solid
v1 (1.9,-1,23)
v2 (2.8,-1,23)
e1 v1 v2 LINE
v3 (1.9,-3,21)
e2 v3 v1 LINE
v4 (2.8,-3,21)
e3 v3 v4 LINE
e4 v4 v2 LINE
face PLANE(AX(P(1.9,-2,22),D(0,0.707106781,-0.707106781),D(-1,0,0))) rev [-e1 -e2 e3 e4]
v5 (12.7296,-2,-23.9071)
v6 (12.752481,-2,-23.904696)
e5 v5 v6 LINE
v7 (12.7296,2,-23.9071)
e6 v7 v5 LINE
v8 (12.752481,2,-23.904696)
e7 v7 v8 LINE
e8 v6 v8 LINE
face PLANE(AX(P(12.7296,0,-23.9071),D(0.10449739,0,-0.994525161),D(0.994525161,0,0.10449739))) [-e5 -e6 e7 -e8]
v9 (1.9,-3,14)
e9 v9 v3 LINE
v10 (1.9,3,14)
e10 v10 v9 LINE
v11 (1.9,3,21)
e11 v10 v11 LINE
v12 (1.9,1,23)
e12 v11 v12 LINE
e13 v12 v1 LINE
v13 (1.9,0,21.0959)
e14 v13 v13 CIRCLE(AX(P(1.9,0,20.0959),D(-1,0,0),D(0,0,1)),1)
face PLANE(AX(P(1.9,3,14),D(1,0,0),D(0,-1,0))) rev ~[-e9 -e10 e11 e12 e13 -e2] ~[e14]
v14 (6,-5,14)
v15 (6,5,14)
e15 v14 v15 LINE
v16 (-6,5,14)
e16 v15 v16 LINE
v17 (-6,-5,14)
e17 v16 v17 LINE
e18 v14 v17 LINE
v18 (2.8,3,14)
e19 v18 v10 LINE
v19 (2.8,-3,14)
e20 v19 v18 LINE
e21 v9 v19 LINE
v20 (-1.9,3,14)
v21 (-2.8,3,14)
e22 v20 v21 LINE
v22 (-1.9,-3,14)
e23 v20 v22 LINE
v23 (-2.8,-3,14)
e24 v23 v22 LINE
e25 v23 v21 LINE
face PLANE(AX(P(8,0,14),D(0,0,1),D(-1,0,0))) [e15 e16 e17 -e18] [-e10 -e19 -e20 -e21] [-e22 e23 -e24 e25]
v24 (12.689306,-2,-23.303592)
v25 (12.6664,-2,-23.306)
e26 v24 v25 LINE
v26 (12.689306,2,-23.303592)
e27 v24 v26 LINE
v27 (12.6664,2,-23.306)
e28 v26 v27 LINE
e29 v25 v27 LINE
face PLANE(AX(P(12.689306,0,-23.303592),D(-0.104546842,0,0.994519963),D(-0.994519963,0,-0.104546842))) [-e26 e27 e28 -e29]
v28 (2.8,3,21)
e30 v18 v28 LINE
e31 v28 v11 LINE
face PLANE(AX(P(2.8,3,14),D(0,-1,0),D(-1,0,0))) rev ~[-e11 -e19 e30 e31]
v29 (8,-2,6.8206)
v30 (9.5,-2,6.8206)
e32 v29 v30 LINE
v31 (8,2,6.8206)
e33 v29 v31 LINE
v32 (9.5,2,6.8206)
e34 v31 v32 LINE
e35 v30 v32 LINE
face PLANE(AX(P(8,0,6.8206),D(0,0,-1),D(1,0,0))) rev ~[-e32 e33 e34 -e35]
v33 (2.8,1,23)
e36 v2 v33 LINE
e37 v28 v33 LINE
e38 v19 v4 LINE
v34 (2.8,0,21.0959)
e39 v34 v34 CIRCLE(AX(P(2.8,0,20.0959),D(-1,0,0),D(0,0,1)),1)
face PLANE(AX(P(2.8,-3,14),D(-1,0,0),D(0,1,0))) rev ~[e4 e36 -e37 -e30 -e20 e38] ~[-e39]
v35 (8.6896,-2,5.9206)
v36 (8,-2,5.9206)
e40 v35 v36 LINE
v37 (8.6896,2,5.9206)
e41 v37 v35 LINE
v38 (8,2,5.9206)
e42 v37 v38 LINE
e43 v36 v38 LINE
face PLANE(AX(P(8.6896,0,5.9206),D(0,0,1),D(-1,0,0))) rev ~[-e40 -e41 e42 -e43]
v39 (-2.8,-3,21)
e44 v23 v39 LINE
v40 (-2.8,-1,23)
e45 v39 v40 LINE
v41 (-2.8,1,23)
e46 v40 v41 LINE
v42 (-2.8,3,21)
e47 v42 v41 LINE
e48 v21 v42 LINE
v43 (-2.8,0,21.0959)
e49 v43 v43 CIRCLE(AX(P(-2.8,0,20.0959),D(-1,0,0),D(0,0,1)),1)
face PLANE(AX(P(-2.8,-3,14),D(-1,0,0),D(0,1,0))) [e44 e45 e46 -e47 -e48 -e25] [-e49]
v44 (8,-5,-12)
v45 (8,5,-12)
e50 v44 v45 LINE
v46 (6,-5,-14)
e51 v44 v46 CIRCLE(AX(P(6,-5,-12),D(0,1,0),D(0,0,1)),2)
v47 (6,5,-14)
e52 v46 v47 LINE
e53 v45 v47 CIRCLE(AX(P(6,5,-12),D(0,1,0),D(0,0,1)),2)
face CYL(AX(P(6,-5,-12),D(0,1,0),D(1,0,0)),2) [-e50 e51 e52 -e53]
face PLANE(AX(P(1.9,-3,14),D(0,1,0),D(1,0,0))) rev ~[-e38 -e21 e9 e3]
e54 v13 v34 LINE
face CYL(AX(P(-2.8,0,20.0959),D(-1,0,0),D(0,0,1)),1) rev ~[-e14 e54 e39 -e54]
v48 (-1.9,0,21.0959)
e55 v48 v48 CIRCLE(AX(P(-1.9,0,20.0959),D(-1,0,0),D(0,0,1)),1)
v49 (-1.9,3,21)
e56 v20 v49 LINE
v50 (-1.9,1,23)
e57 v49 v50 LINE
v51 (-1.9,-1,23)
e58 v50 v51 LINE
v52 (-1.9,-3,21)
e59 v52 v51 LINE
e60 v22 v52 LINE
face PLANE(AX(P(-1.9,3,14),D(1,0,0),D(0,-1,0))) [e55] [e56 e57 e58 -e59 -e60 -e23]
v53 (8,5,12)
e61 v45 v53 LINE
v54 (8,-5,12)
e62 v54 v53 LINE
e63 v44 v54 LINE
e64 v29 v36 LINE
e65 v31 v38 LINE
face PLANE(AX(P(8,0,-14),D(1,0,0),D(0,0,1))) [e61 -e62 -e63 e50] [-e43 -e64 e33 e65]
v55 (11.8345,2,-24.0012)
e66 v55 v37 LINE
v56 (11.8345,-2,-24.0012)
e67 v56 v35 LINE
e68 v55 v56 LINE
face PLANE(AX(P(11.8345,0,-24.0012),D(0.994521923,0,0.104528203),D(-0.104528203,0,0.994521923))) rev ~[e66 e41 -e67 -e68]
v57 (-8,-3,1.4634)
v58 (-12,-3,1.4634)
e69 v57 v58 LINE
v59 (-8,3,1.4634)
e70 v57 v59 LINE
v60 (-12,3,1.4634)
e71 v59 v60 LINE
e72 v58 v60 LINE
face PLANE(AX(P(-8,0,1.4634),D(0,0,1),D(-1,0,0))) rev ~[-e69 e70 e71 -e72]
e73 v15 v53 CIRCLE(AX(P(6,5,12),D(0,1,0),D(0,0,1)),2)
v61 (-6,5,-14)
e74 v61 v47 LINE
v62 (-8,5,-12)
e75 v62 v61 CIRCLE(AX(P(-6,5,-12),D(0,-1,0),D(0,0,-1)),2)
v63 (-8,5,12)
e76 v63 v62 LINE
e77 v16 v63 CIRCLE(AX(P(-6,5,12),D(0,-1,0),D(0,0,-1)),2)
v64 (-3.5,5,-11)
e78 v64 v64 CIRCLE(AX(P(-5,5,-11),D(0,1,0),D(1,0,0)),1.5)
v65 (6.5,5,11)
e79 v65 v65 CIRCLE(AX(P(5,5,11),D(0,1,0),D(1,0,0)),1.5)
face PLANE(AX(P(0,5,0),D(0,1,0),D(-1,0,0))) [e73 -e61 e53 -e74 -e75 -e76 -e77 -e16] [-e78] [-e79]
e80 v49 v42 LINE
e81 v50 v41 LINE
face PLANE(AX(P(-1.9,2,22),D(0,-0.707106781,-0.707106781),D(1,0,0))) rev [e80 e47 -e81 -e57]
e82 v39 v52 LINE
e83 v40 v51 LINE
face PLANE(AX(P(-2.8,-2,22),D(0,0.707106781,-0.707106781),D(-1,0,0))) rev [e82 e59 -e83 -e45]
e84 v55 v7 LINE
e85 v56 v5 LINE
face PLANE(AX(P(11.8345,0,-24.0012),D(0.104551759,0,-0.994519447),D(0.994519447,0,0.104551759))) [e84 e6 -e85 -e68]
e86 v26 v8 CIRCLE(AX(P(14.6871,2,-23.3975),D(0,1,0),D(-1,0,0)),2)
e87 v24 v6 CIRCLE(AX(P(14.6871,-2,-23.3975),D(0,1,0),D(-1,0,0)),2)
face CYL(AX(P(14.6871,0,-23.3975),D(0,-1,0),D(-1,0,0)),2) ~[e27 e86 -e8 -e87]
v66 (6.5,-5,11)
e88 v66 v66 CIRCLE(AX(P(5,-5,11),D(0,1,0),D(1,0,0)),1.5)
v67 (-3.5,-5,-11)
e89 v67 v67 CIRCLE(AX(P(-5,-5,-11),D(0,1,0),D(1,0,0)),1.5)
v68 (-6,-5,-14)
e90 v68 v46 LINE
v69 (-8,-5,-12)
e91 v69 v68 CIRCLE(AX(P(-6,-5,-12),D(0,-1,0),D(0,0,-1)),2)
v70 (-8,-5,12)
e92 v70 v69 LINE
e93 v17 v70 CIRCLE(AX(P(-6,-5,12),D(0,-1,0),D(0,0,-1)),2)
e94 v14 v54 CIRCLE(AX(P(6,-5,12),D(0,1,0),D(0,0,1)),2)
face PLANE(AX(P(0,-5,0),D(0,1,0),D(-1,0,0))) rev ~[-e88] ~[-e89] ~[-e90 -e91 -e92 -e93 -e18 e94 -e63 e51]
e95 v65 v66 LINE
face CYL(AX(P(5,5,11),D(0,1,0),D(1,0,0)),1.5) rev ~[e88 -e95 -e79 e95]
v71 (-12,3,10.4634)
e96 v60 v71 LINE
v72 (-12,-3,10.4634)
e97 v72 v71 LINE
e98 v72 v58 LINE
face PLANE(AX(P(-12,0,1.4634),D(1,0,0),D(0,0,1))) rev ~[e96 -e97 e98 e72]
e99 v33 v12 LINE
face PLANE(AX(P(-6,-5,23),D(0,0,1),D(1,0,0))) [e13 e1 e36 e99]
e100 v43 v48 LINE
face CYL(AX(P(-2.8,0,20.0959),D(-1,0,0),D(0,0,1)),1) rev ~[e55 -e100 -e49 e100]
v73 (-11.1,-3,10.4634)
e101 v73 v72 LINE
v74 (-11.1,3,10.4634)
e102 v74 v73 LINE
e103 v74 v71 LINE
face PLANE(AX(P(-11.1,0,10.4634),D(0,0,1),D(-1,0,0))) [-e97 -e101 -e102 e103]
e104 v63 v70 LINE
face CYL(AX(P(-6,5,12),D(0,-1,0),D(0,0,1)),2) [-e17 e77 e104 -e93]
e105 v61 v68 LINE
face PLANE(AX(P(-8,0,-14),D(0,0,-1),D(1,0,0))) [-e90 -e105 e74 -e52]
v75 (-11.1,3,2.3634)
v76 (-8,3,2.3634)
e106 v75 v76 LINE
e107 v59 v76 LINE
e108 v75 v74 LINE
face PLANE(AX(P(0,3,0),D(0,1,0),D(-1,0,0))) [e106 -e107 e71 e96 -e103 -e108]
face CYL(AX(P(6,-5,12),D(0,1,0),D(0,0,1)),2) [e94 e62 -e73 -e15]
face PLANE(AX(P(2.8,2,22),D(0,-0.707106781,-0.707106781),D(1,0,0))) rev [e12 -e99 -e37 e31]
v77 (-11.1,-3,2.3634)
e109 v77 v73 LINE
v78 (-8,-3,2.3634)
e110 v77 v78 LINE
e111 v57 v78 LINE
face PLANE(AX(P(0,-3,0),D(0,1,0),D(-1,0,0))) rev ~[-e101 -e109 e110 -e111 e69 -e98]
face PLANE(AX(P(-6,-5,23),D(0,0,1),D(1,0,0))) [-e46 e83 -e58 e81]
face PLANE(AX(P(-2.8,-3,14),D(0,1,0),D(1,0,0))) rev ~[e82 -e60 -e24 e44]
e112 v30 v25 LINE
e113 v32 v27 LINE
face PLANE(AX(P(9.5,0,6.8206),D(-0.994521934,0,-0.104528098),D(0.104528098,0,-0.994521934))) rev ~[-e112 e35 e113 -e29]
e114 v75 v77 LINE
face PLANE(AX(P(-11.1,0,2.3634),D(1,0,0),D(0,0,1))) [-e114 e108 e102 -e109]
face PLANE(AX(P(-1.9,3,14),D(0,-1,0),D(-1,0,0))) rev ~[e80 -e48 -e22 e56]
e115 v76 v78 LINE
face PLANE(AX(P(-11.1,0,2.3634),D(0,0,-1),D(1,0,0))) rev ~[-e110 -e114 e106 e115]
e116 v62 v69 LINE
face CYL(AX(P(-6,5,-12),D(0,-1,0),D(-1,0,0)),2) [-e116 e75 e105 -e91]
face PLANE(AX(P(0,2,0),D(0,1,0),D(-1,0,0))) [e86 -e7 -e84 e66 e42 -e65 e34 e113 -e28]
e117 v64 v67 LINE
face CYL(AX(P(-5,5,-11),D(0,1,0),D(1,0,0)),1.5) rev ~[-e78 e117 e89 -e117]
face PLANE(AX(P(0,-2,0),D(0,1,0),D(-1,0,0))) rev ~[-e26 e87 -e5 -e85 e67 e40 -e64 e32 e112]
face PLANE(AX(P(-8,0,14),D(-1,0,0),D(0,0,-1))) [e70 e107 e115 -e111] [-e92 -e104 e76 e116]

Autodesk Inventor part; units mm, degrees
ref_plane "YZ Plane" through (0, 0, 0) normal (1, 0, 0) x (0, 1, 0)
ref_plane "XZ Plane" through (0, 0, 0) normal (0, 1, 0) x (-1, 0, 0)
ref_plane "XY Plane" through (0, 0, 0) normal (0, 0, 1) x (1, 0, 0)
sketch "Sketch1" plane through (0, 0, 0) normal (0, 1, 0) x (-1, 0, 0)
  line L0 (-8, 14) -> (8, 14)
  line L1 (8, 14) -> (8, -14)
  line L2 (8, -14) -> (-8, -14)
  line L3 (-8, -14) -> (-8, 14)
  line L4 (-8, 14) -> (8, -14) construction
  line L5 (8, 14) -> (-8, -14) construction
  point P0 (0, 0)
  dimension "d0" = 16
  dimension "d1" = 28
extrude "Extrusion1" add sketch "Sketch1" along normal mid plane 10
fillet "Fillet1" radius 2 4 edges at (8, 0, 14) (8, 0, -14) (-8, 0, 14) (-8, 0, -14)
sketch "Sketch2" plane through (0, 5, 0) normal (0, 1, 0) x (1, 0, 0)
  arc A0 (-6, 14) -> (-8, 12) centre (-6, 12) ccw projected
  line L0 (-8, 12) -> (-8, -12) projected
  arc A1 (-8, -12) -> (-6, -14) centre (-6, -12) ccw projected
  line L1 (-6, -14) -> (6, -14) projected
  arc A2 (6, -14) -> (8, -12) centre (6, -12) ccw projected
  line L2 (8, -12) -> (8, 12) projected
  arc A3 (8, 12) -> (6, 14) centre (6, 12) ccw projected
  line L3 (6, 14) -> (-6, 14) projected
  circle A4 centre (-5, 11) radius 1.5
  circle A5 centre (5, -11) radius 1.5
  point P0 (0, 0)
  dimension "d5" = 3
  dimension "d6" = 3
  dimension "d7" = 3
  dimension "d8" = 3
  dimension "d9" = 3
extrude "Extrusion2" cut sketch "Sketch2" against normal blind 10 contours A4 | A5
sketch "Sketch3" plane through (-6, -5, 14) normal (0, 0, 1) x (1, 0, 0)
  line L0 (0, 0) -> (0, 10) projected
  line L1 (12, 0) -> (0, 0) projected
  line L2 (12, 10) -> (12, 0) projected
  line L3 (0, 10) -> (12, 10) projected
  line L4 (3.2, 10) -> (4.1, 10)
  line L5 (4.1, 10) -> (4.1, 0)
  line L6 (4.1, 0) -> (3.2, 0)
  line L7 (3.2, 0) -> (3.2, 10)
  line L8 (8.8, 10) -> (7.9, 10)
  line L9 (7.9, 10) -> (7.9, 0)
  line L10 (7.9, 0) -> (8.8, 0)
  line L11 (8.8, 0) -> (8.8, 10)
  line L12 (1, 2) -> (11, 2)
  line L13 (11, 2) -> (11, 8) construction
  line L14 (11, 8) -> (1, 8)
  line L15 (1, 8) -> (1, 2) construction
  point P0 (6, 5)
  point P1 (8.8, 8)
  point P2 (7.9, 8)
  point P3 (7.9, 2)
  point P4 (8.8, 2)
  point P5 (4.1, 8)
  point P6 (3.2, 8)
  point P7 (3.2, 2)
  point P8 (4.1, 2)
  point P9 (11, 5)
  point P10 (12, 5)
  dimension "d12" = 0.9
  dimension "d14" = 10
  dimension "d15" = 6
extrude "Extrusion3" add sketch "Sketch3" along normal blind 9 contours L7 L14 L5 L12 | L9 L14 L11 L12
sketch "Sketch4" plane through (-2.8, -3, 14) normal (-1, 0, 0) x (0, 0, 1)
  line L0 (0, 0) -> (0, 6) projected
  line L1 (9, 6) -> (9, 0) projected
  circle A0 centre (6.0959, 3) radius 1
  line L2 (0, 0) -> (9, 0) projected
  line L3 (0, 6) -> (9, 6) projected
  point P0 (-14, 3)
  point P1 (9, 3)
  dimension "d18" = 2
extrude "Extrusion4" cut sketch "Sketch4" against normal through all contours A0
chamfer "Chamfer1" distance 2 angle 45 4 edges at (-2.35, 3, 23) (2.35, 3, 23) (2.35, -3, 23) (-2.35, -3, 23)
sketch "Sketch5" plane through (0, 0, 0) normal (0, 1, 0) x (-1, 0, 0)
  circle A0 centre (-5, 11) radius 1.5 projected
  circle A1 centre (5, -11) radius 1.5 projected
  arc A2 (6, -14) -> (8, -12) centre (6, -12) ccw projected
  line L0 (8, -12) -> (8, 12) projected
  arc A3 (8, 12) -> (6, 14) centre (6, 12) ccw projected
  line L1 (6, 14) -> (-6, 14) projected
  arc A4 (-6, 14) -> (-8, 12) centre (-6, 12) ccw projected
  line L2 (-8, 12) -> (-8, -12) projected
  arc A5 (-8, -12) -> (-6, -14) centre (-6, -12) ccw projected
  line L3 (-6, -14) -> (6, -14) projected
  line L4 (-8, 6.8206) -> (-9.5, 6.8206)
  line L5 (-9.5, 6.8206) -> (-12.7296, -23.9071)
  line L6 (-11.8345, -24.0012) -> (-8.6896, 5.9206)
  line L7 (-8.6896, 5.9206) -> (-8, 5.9206)
  line L8 (-11.8345, -24.0012) -> (-12.7296, -23.9071)
  line L9 (-12.7296, -23.9071) -> (-14.7187, -23.6981)
  line L10 (-14.7187, -23.6981) -> (-14.6555, -23.0969)
  line L11 (-14.6555, -23.0969) -> (-12.6664, -23.306)
  circle A6 centre (-14.6871, -23.3975) radius 2
  line L12 (-8, 12) -> (-8, -12) projected
  point P0 (0, 0)
  point P1 (-12.6893, -23.3036)
  point P2 (-12.7525, -23.9047)
  dimension "d24" = 0.9
  dimension "d25" = 4
  dimension "d26" = 2
  dimension "d27" = 6
  dimension "d28" = 1.5
extrude "Extrusion5" add sketch "Sketch5" along normal mid plane 4 contours L7 L6 L8 L5 L4 L2 | L5 A6 L11 | L9 A6 L5 | A6 L9 L10 L11 | L11 L10 L9 A6
sketch "Sketch6" plane through (0, 0, 0) normal (0, 1, 0) x (-1, 0, 0)
  line L0 (8, -12) -> (8, 12) projected
  line L1 (8, 1.4634) -> (12, 1.4634)
  line L2 (12, 1.4634) -> (12, 2.3634)
  line L3 (12, 2.3634) -> (8, 2.3634)
  line L4 (8, 2.3634) -> (8, 1.4634)
  line L5 (12, 2.3634) -> (11.1, 2.3634)
  line L6 (11.1, 2.3634) -> (11.1, 10.4634)
  line L7 (11.1, 10.4634) -> (12, 10.4634)
  line L8 (12, 10.4634) -> (12, 2.3634)
  point P0 (0, 0)
  dimension "d31" = 4
  dimension "d32" = 0.9
  dimension "d33" = 0.9
  dimension "d34" = 9
extrude "Extrusion6" add sketch "Sketch6" along normal mid plane 6
properties part number "FIN_DE_CARRERA" material "Steel, Mild, Welded"
